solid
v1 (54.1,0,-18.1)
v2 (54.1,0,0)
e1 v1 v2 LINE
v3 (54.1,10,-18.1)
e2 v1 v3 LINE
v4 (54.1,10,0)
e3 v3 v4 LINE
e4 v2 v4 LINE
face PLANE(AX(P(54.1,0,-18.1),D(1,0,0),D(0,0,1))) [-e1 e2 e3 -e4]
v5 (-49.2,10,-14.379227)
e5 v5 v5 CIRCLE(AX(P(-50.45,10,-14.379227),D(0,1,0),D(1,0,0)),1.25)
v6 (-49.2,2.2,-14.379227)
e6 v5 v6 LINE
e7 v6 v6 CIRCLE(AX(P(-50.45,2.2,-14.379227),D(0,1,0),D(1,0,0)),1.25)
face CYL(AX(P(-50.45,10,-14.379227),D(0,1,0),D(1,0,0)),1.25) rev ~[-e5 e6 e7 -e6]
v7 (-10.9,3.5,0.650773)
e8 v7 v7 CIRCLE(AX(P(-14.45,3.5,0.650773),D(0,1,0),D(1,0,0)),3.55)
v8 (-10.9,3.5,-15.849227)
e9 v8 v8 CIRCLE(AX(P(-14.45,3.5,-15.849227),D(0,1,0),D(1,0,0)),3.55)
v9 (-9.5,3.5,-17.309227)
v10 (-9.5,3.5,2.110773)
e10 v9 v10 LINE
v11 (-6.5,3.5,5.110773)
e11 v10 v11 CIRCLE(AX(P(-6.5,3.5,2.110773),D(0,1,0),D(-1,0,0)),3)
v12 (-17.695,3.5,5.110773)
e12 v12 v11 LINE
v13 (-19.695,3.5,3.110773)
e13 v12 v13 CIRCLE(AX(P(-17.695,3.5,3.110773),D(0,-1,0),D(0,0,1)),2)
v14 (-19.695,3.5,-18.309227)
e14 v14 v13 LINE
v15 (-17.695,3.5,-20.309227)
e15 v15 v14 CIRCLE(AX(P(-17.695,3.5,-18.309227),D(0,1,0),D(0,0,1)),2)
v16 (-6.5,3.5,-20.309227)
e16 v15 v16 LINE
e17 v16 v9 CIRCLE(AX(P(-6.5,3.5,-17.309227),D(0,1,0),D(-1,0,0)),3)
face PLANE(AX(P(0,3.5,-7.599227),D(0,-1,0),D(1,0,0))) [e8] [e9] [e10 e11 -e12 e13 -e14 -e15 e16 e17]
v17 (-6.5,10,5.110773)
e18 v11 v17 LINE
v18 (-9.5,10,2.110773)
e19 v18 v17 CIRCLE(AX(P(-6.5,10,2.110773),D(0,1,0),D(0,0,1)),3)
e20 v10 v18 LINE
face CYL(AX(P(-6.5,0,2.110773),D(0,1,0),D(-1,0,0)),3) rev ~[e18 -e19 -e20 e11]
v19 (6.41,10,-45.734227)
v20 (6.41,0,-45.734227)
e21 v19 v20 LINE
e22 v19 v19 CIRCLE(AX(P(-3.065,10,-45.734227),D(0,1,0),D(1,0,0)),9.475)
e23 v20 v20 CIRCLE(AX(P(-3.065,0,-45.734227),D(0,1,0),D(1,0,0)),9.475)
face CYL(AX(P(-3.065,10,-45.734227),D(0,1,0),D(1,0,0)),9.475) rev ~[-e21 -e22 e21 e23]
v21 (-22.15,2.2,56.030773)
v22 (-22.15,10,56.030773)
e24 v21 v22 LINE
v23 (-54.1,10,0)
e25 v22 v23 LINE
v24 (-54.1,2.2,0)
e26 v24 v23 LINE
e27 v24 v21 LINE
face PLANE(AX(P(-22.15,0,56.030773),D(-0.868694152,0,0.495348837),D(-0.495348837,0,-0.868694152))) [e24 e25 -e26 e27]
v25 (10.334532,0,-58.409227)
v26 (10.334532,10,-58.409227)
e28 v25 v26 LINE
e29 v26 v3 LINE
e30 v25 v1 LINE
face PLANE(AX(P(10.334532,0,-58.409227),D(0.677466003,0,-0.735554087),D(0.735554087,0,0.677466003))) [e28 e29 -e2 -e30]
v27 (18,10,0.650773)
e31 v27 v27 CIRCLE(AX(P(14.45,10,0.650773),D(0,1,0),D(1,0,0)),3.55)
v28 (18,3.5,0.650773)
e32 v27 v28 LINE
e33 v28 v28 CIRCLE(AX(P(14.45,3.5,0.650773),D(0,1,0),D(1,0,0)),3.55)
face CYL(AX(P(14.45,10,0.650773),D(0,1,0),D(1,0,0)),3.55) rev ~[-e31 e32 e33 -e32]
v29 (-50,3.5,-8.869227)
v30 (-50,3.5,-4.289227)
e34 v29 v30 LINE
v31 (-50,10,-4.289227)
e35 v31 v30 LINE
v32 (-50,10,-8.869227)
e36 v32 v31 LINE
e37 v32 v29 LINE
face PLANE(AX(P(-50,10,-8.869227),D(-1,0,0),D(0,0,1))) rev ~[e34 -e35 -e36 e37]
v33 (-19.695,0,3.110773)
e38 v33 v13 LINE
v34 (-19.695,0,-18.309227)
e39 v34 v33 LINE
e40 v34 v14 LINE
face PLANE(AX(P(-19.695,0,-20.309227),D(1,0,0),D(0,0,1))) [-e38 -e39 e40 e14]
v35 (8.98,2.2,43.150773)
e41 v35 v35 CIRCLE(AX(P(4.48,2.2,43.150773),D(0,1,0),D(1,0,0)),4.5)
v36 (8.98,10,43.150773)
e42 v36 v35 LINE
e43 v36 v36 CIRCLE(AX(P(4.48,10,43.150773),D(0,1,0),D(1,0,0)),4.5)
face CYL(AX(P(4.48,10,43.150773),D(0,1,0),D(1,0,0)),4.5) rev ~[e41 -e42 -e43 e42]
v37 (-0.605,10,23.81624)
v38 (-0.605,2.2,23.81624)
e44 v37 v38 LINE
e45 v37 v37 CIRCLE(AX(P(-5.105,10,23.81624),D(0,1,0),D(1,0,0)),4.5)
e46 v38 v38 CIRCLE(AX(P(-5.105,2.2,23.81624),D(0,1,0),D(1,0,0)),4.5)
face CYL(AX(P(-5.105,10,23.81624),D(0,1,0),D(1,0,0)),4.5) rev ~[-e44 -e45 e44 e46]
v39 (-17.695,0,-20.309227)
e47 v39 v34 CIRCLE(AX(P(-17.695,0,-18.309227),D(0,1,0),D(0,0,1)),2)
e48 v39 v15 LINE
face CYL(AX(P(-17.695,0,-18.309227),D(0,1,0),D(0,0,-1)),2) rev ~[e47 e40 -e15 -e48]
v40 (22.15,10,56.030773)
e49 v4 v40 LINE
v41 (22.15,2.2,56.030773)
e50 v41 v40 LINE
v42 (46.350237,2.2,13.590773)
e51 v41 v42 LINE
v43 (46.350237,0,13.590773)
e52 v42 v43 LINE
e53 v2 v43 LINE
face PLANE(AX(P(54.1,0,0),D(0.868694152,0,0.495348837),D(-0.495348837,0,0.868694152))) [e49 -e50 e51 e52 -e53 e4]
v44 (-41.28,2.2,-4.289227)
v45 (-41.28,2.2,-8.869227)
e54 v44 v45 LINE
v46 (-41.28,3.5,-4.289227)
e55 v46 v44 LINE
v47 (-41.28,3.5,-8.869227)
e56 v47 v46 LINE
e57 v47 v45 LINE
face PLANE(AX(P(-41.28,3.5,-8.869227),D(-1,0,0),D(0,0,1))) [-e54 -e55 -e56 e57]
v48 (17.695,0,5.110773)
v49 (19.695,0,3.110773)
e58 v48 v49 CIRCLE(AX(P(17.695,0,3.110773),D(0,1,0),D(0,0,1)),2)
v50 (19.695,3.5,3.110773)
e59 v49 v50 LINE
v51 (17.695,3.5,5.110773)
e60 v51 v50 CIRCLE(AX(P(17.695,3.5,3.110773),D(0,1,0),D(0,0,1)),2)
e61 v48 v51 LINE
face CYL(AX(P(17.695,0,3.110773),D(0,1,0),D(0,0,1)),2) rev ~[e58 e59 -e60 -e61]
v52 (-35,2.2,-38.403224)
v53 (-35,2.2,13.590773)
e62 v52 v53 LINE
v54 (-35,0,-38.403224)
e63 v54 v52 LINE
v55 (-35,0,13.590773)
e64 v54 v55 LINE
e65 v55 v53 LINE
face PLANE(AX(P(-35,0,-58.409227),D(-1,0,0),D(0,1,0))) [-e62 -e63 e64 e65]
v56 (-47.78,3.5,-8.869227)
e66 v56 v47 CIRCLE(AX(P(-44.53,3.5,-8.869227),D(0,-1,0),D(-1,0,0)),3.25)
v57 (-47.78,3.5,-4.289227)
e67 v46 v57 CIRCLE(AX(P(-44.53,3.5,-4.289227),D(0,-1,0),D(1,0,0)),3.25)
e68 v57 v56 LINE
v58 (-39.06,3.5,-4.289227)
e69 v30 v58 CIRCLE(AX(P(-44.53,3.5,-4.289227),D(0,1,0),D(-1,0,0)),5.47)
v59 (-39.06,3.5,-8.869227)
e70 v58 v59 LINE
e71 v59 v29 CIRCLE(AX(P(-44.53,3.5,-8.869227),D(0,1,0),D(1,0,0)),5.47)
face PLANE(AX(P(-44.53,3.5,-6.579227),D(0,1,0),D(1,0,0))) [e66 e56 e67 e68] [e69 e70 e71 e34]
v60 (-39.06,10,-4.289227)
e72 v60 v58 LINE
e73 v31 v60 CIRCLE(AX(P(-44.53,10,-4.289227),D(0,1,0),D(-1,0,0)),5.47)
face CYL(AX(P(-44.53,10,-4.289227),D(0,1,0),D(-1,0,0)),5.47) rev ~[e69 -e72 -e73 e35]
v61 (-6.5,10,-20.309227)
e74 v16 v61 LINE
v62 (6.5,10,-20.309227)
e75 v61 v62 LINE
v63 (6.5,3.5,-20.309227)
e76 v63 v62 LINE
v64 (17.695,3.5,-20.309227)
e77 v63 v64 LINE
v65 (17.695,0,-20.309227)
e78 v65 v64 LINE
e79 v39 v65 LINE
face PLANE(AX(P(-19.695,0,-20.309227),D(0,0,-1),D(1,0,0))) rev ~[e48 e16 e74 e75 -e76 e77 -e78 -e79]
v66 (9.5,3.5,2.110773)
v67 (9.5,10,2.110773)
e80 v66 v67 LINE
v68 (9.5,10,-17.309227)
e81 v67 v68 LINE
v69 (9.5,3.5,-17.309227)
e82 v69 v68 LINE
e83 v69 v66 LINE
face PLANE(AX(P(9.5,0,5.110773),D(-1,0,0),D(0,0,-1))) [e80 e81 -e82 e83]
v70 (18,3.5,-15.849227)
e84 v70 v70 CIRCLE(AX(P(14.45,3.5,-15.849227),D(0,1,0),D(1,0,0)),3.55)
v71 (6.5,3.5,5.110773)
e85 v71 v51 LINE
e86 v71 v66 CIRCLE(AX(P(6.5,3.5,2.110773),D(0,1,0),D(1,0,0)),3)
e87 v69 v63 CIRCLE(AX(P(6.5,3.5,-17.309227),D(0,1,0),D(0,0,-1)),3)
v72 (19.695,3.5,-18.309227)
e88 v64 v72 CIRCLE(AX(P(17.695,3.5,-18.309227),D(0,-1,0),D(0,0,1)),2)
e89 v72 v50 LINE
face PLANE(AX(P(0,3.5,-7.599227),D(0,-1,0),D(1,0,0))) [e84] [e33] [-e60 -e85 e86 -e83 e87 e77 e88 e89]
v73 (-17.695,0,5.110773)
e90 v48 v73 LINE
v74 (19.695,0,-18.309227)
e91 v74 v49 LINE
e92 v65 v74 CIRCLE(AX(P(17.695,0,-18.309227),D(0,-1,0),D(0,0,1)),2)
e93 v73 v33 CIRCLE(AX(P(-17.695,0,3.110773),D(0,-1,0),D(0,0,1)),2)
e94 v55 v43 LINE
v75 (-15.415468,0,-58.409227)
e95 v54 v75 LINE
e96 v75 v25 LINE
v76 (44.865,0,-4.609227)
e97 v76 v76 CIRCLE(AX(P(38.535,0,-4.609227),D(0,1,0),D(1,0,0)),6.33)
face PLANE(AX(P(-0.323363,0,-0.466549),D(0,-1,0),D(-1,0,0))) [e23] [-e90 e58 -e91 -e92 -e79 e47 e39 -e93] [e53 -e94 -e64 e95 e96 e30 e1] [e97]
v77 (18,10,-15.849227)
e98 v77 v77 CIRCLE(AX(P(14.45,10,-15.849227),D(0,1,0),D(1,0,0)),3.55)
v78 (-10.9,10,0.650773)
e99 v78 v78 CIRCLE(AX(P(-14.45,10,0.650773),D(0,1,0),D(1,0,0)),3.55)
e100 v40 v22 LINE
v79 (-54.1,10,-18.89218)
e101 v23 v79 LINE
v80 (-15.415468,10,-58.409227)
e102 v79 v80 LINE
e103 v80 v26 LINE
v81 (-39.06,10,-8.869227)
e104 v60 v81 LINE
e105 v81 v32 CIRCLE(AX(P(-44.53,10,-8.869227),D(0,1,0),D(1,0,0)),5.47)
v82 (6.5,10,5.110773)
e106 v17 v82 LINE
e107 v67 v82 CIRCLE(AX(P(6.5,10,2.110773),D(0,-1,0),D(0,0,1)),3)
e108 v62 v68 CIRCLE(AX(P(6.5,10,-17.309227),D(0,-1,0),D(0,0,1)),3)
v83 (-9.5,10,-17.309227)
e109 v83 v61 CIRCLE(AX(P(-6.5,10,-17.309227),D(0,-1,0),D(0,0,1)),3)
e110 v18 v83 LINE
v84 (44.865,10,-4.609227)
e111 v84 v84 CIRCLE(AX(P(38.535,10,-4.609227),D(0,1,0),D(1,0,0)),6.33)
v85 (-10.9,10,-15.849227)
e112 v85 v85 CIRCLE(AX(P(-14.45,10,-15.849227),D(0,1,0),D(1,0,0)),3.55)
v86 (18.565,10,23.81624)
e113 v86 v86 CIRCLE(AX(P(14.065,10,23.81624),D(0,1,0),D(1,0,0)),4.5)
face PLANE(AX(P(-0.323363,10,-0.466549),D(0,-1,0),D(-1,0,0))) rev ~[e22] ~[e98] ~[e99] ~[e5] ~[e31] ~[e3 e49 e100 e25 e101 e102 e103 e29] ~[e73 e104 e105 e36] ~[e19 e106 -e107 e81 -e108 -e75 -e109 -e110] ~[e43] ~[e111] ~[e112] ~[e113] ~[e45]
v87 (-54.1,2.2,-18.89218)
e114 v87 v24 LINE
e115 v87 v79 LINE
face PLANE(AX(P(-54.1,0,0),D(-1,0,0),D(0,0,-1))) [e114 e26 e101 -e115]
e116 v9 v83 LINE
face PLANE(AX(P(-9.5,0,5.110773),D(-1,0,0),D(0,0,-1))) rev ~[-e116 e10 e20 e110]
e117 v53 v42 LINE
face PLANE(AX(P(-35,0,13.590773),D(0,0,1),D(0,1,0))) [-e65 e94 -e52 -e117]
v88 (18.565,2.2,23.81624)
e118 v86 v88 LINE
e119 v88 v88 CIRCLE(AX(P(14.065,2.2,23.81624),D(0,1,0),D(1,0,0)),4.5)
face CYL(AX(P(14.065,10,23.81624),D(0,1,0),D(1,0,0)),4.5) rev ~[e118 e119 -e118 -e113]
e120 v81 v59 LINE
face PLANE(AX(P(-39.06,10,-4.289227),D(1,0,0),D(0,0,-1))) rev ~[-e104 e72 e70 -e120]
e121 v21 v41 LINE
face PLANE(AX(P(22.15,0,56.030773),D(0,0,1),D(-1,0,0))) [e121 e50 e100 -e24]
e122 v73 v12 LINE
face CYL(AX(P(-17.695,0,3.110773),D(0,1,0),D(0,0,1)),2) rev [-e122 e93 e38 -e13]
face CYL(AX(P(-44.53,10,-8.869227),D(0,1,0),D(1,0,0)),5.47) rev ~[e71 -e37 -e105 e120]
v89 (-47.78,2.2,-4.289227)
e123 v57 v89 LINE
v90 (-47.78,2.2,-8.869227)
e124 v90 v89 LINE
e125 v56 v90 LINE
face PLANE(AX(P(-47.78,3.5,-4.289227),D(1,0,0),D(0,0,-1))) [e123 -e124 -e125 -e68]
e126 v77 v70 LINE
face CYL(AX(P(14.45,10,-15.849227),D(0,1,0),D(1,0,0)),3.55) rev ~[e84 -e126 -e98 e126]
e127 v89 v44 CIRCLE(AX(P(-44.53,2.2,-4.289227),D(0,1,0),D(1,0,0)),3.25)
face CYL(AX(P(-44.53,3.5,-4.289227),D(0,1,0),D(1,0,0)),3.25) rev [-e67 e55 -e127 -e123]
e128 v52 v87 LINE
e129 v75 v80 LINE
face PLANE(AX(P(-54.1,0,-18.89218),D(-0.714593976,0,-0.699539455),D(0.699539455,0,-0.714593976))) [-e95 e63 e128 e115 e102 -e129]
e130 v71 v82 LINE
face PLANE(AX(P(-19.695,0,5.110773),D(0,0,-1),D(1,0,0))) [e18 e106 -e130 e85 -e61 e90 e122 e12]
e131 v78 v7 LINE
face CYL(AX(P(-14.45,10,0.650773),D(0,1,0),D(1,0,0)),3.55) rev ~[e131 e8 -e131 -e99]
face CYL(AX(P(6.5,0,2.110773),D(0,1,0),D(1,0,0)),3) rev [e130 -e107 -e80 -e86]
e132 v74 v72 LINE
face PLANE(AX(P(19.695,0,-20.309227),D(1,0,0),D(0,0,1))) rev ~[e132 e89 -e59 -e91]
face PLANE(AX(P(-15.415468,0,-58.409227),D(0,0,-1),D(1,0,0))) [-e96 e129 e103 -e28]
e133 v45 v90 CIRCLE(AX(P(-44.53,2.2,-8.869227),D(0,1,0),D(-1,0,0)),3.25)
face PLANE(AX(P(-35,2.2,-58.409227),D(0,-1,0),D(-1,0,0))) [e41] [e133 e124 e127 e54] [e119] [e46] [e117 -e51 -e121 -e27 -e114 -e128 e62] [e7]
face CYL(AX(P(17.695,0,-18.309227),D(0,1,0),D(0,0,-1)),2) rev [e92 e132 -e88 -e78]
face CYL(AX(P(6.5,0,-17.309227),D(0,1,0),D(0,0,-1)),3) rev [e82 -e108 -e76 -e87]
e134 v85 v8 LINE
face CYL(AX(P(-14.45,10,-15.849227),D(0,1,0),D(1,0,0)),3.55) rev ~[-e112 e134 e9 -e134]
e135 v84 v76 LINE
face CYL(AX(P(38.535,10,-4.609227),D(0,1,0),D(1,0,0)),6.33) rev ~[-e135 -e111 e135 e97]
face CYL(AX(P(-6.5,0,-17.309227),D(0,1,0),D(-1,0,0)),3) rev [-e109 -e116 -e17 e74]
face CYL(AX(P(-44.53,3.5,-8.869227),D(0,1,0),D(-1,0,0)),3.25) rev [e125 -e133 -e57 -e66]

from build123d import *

# Parameters (mm, degrees)
SKETCH1_W           = 19
SKETCH1_H           = 25.42
BOSS_EXTRUDE2_DEPTH = 10
FILLET1_R           = 3
SKETCH3_W           = 19.1
SKETCH3_H           = 2.2
CUT_EXTRUDE2_DEPTH  = 127.977650002
SKETCH4_R           = 6.33
SKETCH4_R_2         = 3.55
SKETCH4_R_3         = 4.5
SKETCH4_R_4         = 9.475
SKETCH4_R_5         = 1.25
CUT_EXTRUDE3_DEPTH  = 81.239939075
SKETCH5_W           = 42.44
SKETCH5_H           = 2.2
CUT_EXTRUDE4_DEPTH  = 108.006765313
SKETCH6_W           = 39.39
SKETCH6_H           = 25.42
CUT_EXTRUDE5_DEPTH  = 3.5
FILLET2_R           = 2
CUT_EXTRUDE6_DEPTH  = 6.5
CUT_EXTRUDE7_DEPTH  = 80.879270294


with BuildPart() as part:
    # Sketch1 → Boss-Extrude2 (new body)
    with BuildSketch(Plane(origin=(0, 0, 0), x_dir=(1, 0, 0), z_dir=(0, 1, 0))):
        Polygon((54.1, 18.1), (54.1, 0), (22.15, -56.030772795), (-22.15, -56.030772795), (-54.1, 0), (-54.1, 18.89218031), (-15.415468147, 58.409227205), (10.334531853, 58.409227205), align=None)
        with Locations((0, 7.599227205)):
            Rectangle(SKETCH1_W, SKETCH1_H, mode=Mode.SUBTRACT)
    extrude(amount=BOSS_EXTRUDE2_DEPTH)

    # Fillet1
    fillet1_edges = [part.edges().sort_by_distance(p)[0] for p in [
        (-9.5, 5, 5.110772795),
        (9.5, 5, 5.110772795),
        (9.5, 5, -20.309227205),
        (-9.5, 5, -20.309227205),
    ]]
    fillet(fillet1_edges, radius=FILLET1_R)

    # Sketch3 → Cut-Extrude2 (cut, through all)
    with BuildSketch(Plane(origin=(0, 0, -58.409227205), x_dir=(-1, 0, 0), z_dir=(0, 0, -1))):
        with Locations((44.55, 1.1)):
            Rectangle(SKETCH3_W, SKETCH3_H)
    extrude(amount=-CUT_EXTRUDE2_DEPTH, mode=Mode.SUBTRACT)

    # Sketch4 → Cut-Extrude3 (cut, through all)
    with BuildSketch(Plane(origin=(0, 10, 0), x_dir=(1, 0, 0), z_dir=(0, 1, 0))):
        with Locations((38.535, 4.609227205)):
            Circle(SKETCH4_R)
        with Locations((-14.45, -0.650772795)):
            Circle(SKETCH4_R_2)
        with Locations((-14.45, 15.849227205)):
            Circle(SKETCH4_R_2)
        with Locations((14.45, -0.650772795)):
            Circle(SKETCH4_R_2)
        with Locations((14.45, 15.849227205)):
            Circle(SKETCH4_R_2)
        with Locations((-5.105, -23.816239571)):
            Circle(SKETCH4_R_3)
        with Locations((14.065, -23.816239571)):
            Circle(SKETCH4_R_3)
        with Locations((4.48, -43.150772795)):
            Circle(SKETCH4_R_3)
        with Locations((-3.065, 45.734227205)):
            Circle(SKETCH4_R_4)
        with Locations((-50.45, 14.379227205)):
            Circle(SKETCH4_R_5)
    extrude(amount=-CUT_EXTRUDE3_DEPTH, mode=Mode.SUBTRACT)

    # Sketch5 → Cut-Extrude4 (cut, through all)
    with BuildSketch(Plane.ZY.offset(35)):
        with Locations((34.810772795, 1.1)):
            Rectangle(SKETCH5_W, SKETCH5_H)
    extrude(amount=-CUT_EXTRUDE4_DEPTH, mode=Mode.SUBTRACT)

    # Sketch6 → Cut-Extrude5 (cut)
    with BuildSketch(Plane.XZ):
        with Locations((0, -7.599227205)):
            Rectangle(SKETCH6_W, SKETCH6_H)
    extrude(amount=-CUT_EXTRUDE5_DEPTH, mode=Mode.SUBTRACT)

    # Fillet2
    fillet2_edges = [part.edges().sort_by_distance(p)[0] for p in [
        (19.695, 1.75, 5.110772795),
        (19.695, 1.75, -20.309227205),
        (-19.695, 1.75, 5.110772795),
        (-19.695, 1.75, -20.309227205),
    ]]
    fillet(fillet2_edges, radius=FILLET2_R)

    # Sketch4<3> → Cut-Extrude6 (cut)
    with BuildSketch(Plane(origin=(0, 10, 0), x_dir=(1, 0, 0), z_dir=(0, 1, 0))):
        with BuildLine():
            Line((-39.06, 4.289227205), (-39.06, 8.869227205))
            ThreePointArc((-39.06, 8.869227205), (-44.53, 14.339227205), (-50, 8.869227205))
            Line((-50, 8.869227205), (-50, 4.289227205))
            ThreePointArc((-50, 4.289227205), (-44.53, -1.180772795), (-39.06, 4.289227205))
        make_face()
    extrude(amount=-CUT_EXTRUDE6_DEPTH, mode=Mode.SUBTRACT)

    # Sketch7 → Cut-Extrude7 (cut, through all)
    with BuildSketch(Plane(origin=(0, 3.5, 0), x_dir=(-1, 0, 0), z_dir=(0, 1, 0))):
        with BuildLine():
            Line((41.28, -8.869227205), (41.28, -4.289227205))
            ThreePointArc((41.28, -4.289227205), (44.53, -1.039227205), (47.78, -4.289227205))
            Line((47.78, -4.289227205), (47.78, -8.869227205))
            ThreePointArc((47.78, -8.869227205), (44.53, -12.119227205), (41.28, -8.869227205))
        make_face()
    extrude(amount=-CUT_EXTRUDE7_DEPTH, mode=Mode.SUBTRACT)


solid = part.part
